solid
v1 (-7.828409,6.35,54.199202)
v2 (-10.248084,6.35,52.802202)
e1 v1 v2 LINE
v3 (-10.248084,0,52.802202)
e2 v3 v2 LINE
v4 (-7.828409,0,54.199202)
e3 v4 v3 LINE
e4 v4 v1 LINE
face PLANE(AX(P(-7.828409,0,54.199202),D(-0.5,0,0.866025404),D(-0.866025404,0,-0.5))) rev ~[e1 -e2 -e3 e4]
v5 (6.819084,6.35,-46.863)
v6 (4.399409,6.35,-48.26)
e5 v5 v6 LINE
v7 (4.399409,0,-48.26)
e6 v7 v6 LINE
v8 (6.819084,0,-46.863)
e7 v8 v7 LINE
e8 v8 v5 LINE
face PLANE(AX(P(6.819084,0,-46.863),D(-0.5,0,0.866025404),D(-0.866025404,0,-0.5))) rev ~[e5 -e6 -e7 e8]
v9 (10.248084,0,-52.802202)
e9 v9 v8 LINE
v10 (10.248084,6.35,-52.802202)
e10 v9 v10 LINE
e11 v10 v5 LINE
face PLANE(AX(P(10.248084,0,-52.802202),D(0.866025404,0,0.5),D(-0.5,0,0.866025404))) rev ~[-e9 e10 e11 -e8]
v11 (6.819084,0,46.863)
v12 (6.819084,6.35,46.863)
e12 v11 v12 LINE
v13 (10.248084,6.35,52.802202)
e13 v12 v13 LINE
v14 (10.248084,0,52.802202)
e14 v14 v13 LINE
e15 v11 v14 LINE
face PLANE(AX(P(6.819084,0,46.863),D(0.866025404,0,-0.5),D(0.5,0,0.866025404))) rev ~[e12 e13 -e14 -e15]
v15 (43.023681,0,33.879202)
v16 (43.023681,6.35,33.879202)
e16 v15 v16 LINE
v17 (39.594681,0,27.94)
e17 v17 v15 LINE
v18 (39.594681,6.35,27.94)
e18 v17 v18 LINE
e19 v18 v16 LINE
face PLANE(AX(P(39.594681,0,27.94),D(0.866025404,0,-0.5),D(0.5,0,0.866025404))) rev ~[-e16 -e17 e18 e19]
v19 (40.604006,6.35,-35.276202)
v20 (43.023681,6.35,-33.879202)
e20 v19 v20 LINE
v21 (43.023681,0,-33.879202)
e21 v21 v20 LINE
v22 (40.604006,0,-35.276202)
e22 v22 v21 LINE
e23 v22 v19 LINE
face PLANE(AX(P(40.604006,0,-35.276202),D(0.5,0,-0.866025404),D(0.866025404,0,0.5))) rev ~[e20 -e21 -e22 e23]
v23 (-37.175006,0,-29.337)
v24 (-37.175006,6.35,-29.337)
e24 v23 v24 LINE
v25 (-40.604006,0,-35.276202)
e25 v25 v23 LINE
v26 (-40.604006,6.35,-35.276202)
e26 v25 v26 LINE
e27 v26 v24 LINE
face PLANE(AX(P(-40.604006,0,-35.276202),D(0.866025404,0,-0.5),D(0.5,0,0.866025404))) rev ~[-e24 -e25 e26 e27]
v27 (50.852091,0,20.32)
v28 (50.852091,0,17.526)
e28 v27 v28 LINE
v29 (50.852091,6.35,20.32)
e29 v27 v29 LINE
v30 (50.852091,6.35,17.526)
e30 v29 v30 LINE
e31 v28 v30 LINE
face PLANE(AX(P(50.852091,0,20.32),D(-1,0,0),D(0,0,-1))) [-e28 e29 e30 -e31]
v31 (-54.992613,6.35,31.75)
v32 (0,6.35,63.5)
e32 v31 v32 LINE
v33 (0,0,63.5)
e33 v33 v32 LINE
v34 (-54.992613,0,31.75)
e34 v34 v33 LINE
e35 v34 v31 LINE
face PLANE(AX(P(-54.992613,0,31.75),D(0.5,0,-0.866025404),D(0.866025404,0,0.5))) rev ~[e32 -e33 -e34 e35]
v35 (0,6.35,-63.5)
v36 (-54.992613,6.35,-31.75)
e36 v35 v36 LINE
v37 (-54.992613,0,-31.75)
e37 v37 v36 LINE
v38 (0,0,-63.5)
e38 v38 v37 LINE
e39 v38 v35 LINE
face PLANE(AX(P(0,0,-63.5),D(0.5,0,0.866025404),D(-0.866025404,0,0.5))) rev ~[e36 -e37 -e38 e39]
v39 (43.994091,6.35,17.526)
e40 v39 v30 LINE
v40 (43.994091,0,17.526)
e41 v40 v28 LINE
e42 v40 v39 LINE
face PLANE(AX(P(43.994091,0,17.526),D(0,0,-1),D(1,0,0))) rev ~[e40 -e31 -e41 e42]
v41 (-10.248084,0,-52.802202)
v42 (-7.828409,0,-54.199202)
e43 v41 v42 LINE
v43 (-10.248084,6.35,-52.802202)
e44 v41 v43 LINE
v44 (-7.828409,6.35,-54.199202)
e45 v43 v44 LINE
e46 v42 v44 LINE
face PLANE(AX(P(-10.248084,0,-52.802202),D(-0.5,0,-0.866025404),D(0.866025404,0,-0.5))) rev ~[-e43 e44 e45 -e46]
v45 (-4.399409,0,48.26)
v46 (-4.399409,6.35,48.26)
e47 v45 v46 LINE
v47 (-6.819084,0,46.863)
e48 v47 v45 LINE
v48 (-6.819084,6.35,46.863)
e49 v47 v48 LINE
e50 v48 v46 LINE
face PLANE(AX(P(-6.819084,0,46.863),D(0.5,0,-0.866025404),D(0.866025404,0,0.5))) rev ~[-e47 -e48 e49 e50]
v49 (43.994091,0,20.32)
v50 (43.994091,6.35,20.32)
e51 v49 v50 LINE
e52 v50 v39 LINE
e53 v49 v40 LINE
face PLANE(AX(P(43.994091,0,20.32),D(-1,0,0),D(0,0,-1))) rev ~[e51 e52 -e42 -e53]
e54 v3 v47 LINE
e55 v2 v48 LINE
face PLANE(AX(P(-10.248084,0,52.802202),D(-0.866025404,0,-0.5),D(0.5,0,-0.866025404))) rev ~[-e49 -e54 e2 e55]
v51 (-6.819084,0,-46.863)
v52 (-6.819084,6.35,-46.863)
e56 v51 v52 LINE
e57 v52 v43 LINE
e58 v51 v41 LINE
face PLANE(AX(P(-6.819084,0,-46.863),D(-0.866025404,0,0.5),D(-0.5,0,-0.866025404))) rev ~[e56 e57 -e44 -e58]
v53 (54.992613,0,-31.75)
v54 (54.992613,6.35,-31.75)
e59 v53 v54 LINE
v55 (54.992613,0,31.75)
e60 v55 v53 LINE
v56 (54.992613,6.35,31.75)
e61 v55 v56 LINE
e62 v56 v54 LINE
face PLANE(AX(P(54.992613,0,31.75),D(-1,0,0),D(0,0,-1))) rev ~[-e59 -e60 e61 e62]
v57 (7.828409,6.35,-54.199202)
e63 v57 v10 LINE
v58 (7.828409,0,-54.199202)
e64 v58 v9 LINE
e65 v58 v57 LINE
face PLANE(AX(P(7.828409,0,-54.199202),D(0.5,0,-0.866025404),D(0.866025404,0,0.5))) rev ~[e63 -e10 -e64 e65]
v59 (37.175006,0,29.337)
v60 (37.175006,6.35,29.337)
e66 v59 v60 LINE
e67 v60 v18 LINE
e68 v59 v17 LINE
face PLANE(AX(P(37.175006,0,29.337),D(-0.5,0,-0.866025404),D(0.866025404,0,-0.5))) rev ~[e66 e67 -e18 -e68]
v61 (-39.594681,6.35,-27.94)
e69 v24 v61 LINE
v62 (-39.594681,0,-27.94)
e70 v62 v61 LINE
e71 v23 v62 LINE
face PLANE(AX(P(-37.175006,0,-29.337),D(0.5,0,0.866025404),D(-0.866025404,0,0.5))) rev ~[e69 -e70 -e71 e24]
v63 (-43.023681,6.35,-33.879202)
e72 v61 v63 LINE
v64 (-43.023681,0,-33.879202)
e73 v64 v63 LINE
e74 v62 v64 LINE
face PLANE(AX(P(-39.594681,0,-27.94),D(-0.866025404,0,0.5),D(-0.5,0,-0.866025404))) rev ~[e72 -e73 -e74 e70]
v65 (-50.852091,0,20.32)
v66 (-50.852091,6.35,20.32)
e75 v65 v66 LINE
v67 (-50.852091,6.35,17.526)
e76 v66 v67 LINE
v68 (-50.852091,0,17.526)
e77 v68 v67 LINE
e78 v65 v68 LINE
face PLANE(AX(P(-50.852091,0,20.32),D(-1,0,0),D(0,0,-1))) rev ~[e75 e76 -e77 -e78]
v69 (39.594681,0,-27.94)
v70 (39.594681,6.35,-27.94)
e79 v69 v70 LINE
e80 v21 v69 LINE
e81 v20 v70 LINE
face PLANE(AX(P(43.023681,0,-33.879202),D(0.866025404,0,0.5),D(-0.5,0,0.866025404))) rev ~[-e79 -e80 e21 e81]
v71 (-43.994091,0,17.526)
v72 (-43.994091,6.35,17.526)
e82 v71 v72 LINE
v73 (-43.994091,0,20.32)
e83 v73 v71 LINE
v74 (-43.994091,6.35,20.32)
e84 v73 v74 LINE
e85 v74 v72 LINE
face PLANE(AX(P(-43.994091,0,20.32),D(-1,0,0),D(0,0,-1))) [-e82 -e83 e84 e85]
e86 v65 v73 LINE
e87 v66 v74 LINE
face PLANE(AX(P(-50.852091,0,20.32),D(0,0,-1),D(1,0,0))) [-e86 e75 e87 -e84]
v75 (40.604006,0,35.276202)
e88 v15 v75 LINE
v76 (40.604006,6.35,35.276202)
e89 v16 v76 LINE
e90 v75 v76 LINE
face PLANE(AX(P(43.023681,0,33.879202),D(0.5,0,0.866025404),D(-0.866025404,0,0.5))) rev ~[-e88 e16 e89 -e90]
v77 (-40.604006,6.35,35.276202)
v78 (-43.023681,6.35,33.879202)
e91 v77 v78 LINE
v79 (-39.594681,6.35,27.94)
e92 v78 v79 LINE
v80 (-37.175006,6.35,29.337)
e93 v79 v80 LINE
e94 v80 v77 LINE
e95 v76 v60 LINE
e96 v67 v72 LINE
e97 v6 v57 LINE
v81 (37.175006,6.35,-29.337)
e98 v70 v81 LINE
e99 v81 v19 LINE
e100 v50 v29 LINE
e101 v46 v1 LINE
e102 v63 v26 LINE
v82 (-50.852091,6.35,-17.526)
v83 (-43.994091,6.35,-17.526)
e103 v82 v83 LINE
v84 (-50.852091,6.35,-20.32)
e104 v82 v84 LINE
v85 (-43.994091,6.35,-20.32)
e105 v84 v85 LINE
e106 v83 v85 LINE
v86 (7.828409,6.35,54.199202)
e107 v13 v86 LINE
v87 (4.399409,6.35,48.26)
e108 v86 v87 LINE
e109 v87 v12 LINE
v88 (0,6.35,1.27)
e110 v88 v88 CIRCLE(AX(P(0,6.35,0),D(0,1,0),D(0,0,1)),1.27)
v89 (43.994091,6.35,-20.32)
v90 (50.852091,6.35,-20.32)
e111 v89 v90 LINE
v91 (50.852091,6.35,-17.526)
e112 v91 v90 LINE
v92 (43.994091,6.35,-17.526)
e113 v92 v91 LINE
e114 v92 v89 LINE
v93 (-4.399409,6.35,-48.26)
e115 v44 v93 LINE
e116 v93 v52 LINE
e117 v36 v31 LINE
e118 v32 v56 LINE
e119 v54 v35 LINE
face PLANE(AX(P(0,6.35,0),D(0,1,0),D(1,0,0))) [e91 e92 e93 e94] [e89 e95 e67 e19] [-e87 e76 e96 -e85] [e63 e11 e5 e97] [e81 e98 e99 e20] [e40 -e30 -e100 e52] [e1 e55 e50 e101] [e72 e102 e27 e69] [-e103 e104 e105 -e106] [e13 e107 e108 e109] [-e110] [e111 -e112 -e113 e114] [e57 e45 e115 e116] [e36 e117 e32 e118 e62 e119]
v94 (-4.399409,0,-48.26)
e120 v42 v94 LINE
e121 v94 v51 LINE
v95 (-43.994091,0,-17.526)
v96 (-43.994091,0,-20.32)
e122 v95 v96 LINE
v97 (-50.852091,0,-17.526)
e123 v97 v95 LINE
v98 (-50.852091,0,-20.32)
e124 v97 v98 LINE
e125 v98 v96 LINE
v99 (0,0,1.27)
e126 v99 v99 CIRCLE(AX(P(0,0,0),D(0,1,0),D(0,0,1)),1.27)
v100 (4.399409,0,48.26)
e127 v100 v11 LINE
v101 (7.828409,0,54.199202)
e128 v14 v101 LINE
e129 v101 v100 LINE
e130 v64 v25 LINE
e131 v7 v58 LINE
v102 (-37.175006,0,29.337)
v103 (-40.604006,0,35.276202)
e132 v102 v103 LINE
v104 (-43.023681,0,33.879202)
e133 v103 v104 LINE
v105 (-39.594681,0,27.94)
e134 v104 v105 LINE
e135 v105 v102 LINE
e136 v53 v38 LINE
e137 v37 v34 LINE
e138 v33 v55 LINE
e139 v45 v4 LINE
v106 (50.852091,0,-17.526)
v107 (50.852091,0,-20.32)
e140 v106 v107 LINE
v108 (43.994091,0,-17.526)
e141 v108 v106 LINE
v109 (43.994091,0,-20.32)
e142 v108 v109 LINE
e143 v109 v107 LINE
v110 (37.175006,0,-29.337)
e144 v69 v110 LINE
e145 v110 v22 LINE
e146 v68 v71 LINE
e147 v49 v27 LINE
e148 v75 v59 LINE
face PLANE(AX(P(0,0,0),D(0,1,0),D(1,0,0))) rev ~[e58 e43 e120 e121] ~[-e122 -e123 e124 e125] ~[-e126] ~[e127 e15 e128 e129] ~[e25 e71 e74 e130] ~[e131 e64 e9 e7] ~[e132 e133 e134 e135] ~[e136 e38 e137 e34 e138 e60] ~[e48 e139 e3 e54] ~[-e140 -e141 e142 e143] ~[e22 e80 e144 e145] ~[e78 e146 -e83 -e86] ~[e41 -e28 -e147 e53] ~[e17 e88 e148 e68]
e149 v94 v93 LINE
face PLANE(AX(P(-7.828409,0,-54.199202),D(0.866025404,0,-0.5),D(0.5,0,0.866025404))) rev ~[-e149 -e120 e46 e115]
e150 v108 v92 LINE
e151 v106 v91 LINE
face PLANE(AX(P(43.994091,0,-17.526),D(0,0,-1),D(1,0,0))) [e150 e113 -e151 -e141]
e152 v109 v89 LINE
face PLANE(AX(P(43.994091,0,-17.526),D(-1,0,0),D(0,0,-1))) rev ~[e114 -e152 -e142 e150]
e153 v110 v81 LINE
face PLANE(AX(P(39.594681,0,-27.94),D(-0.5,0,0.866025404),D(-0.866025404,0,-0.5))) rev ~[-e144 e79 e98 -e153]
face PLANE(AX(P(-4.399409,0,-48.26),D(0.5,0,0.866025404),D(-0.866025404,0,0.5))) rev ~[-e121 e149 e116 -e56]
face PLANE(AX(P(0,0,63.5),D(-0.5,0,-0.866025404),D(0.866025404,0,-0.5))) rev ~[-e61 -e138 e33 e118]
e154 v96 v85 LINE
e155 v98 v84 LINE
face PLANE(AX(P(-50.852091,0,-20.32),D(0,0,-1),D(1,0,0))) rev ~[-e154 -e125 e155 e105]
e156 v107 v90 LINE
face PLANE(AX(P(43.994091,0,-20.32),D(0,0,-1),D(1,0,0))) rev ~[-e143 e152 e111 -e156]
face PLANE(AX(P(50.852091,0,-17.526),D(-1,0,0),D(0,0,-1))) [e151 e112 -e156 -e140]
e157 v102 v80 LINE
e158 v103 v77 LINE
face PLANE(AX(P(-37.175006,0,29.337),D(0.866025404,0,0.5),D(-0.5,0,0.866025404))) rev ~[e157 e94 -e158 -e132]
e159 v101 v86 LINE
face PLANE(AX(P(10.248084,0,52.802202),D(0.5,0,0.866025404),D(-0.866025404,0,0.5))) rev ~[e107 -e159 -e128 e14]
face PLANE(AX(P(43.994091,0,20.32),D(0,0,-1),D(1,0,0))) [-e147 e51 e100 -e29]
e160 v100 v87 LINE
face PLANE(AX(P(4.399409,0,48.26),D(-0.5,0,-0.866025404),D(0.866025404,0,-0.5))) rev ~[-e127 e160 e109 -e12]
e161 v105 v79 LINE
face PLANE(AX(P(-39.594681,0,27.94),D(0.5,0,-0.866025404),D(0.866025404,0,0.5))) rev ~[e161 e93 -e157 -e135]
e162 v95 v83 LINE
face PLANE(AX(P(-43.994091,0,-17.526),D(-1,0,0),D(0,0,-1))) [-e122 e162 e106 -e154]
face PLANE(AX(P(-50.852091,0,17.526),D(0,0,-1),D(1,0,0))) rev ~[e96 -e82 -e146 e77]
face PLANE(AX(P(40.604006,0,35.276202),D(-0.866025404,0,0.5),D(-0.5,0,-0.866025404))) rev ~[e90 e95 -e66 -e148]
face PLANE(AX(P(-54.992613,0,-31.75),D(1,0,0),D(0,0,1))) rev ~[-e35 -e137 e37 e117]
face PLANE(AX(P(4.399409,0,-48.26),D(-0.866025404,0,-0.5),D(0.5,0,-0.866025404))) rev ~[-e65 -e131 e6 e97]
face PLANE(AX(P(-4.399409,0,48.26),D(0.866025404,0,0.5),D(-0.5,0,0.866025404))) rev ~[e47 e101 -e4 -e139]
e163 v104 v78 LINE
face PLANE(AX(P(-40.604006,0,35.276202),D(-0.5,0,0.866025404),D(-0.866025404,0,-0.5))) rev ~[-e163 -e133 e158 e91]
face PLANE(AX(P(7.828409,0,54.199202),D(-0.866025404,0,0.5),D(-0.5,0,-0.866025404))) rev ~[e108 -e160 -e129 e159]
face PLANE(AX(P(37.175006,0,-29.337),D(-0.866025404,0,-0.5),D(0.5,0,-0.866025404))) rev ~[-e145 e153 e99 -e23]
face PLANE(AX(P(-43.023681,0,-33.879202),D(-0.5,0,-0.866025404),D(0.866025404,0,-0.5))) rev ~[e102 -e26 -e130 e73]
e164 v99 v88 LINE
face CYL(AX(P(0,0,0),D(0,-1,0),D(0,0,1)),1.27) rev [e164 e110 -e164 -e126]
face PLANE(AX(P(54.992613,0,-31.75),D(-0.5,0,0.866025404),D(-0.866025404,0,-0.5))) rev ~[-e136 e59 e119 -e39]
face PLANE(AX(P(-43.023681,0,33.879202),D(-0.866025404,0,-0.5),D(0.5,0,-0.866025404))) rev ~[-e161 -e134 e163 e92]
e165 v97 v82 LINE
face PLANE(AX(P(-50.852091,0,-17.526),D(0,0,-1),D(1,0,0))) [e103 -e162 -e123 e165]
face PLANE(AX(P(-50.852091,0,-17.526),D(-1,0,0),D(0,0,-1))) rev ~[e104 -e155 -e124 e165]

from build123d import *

# Parameters (mm, degrees)
SKETCH1_W           = 6.858
SKETCH1_H           = 2.794
SKETCH1_R           = 1.27
BOSS_EXTRUDE1_DEPTH = 6.35


with BuildPart() as part:
    # Sketch1 → Boss-Extrude1 (new body)
    with BuildSketch(Plane(origin=(0, 0, 0), x_dir=(1, 0, 0), z_dir=(0, 1, 0))):
        Polygon((54.99261314, -31.75), (54.99261314, 31.75), (0, 63.5), (-54.99261314, 31.75), (-54.99261314, -31.75), (0, -63.5), align=None)
        with Locations((47.423090512, 18.923)):
            Rectangle(SKETCH1_W, SKETCH1_H, mode=Mode.SUBTRACT)
        with Locations((47.423090512, -18.923)):
            Rectangle(SKETCH1_W, SKETCH1_H, mode=Mode.SUBTRACT)
        Polygon((37.175006483, -29.337), (39.594681461, -27.94), (43.023681461, -33.879202219), (40.604006483, -35.276202219), align=None, mode=Mode.SUBTRACT)
        Polygon((4.399409051, -48.26), (6.819084029, -46.863), (10.248084029, -52.802202219), (7.828409051, -54.199202219), align=None, mode=Mode.SUBTRACT)
        Polygon((-6.819084029, -46.863), (-4.399409051, -48.26), (-7.828409051, -54.199202219), (-10.248084029, -52.802202219), align=None, mode=Mode.SUBTRACT)
        Polygon((-39.594681461, -27.94), (-37.175006483, -29.337), (-40.604006483, -35.276202219), (-43.023681461, -33.879202219), align=None, mode=Mode.SUBTRACT)
        with Locations((-47.423090512, -18.923)):
            Rectangle(SKETCH1_W, SKETCH1_H, mode=Mode.SUBTRACT)
        with Locations((-47.423090512, 18.923)):
            Rectangle(SKETCH1_W, SKETCH1_H, mode=Mode.SUBTRACT)
        Polygon((-37.175006483, 29.337), (-39.594681461, 27.94), (-43.023681461, 33.879202219), (-40.604006483, 35.276202219), align=None, mode=Mode.SUBTRACT)
        Polygon((-4.399409051, 48.26), (-6.819084029, 46.863), (-10.248084029, 52.802202219), (-7.828409051, 54.199202219), align=None, mode=Mode.SUBTRACT)
        Polygon((6.819084029, 46.863), (4.399409051, 48.26), (7.828409051, 54.199202219), (10.248084029, 52.802202219), align=None, mode=Mode.SUBTRACT)
        Polygon((39.594681461, 27.94), (37.175006483, 29.337), (40.604006483, 35.276202219), (43.023681461, 33.879202219), align=None, mode=Mode.SUBTRACT)
        with Locations(Location((0, 0, 0), (0, 0, 270))):
            Circle(SKETCH1_R, mode=Mode.SUBTRACT)
    extrude(amount=BOSS_EXTRUDE1_DEPTH)


solid = part.part
